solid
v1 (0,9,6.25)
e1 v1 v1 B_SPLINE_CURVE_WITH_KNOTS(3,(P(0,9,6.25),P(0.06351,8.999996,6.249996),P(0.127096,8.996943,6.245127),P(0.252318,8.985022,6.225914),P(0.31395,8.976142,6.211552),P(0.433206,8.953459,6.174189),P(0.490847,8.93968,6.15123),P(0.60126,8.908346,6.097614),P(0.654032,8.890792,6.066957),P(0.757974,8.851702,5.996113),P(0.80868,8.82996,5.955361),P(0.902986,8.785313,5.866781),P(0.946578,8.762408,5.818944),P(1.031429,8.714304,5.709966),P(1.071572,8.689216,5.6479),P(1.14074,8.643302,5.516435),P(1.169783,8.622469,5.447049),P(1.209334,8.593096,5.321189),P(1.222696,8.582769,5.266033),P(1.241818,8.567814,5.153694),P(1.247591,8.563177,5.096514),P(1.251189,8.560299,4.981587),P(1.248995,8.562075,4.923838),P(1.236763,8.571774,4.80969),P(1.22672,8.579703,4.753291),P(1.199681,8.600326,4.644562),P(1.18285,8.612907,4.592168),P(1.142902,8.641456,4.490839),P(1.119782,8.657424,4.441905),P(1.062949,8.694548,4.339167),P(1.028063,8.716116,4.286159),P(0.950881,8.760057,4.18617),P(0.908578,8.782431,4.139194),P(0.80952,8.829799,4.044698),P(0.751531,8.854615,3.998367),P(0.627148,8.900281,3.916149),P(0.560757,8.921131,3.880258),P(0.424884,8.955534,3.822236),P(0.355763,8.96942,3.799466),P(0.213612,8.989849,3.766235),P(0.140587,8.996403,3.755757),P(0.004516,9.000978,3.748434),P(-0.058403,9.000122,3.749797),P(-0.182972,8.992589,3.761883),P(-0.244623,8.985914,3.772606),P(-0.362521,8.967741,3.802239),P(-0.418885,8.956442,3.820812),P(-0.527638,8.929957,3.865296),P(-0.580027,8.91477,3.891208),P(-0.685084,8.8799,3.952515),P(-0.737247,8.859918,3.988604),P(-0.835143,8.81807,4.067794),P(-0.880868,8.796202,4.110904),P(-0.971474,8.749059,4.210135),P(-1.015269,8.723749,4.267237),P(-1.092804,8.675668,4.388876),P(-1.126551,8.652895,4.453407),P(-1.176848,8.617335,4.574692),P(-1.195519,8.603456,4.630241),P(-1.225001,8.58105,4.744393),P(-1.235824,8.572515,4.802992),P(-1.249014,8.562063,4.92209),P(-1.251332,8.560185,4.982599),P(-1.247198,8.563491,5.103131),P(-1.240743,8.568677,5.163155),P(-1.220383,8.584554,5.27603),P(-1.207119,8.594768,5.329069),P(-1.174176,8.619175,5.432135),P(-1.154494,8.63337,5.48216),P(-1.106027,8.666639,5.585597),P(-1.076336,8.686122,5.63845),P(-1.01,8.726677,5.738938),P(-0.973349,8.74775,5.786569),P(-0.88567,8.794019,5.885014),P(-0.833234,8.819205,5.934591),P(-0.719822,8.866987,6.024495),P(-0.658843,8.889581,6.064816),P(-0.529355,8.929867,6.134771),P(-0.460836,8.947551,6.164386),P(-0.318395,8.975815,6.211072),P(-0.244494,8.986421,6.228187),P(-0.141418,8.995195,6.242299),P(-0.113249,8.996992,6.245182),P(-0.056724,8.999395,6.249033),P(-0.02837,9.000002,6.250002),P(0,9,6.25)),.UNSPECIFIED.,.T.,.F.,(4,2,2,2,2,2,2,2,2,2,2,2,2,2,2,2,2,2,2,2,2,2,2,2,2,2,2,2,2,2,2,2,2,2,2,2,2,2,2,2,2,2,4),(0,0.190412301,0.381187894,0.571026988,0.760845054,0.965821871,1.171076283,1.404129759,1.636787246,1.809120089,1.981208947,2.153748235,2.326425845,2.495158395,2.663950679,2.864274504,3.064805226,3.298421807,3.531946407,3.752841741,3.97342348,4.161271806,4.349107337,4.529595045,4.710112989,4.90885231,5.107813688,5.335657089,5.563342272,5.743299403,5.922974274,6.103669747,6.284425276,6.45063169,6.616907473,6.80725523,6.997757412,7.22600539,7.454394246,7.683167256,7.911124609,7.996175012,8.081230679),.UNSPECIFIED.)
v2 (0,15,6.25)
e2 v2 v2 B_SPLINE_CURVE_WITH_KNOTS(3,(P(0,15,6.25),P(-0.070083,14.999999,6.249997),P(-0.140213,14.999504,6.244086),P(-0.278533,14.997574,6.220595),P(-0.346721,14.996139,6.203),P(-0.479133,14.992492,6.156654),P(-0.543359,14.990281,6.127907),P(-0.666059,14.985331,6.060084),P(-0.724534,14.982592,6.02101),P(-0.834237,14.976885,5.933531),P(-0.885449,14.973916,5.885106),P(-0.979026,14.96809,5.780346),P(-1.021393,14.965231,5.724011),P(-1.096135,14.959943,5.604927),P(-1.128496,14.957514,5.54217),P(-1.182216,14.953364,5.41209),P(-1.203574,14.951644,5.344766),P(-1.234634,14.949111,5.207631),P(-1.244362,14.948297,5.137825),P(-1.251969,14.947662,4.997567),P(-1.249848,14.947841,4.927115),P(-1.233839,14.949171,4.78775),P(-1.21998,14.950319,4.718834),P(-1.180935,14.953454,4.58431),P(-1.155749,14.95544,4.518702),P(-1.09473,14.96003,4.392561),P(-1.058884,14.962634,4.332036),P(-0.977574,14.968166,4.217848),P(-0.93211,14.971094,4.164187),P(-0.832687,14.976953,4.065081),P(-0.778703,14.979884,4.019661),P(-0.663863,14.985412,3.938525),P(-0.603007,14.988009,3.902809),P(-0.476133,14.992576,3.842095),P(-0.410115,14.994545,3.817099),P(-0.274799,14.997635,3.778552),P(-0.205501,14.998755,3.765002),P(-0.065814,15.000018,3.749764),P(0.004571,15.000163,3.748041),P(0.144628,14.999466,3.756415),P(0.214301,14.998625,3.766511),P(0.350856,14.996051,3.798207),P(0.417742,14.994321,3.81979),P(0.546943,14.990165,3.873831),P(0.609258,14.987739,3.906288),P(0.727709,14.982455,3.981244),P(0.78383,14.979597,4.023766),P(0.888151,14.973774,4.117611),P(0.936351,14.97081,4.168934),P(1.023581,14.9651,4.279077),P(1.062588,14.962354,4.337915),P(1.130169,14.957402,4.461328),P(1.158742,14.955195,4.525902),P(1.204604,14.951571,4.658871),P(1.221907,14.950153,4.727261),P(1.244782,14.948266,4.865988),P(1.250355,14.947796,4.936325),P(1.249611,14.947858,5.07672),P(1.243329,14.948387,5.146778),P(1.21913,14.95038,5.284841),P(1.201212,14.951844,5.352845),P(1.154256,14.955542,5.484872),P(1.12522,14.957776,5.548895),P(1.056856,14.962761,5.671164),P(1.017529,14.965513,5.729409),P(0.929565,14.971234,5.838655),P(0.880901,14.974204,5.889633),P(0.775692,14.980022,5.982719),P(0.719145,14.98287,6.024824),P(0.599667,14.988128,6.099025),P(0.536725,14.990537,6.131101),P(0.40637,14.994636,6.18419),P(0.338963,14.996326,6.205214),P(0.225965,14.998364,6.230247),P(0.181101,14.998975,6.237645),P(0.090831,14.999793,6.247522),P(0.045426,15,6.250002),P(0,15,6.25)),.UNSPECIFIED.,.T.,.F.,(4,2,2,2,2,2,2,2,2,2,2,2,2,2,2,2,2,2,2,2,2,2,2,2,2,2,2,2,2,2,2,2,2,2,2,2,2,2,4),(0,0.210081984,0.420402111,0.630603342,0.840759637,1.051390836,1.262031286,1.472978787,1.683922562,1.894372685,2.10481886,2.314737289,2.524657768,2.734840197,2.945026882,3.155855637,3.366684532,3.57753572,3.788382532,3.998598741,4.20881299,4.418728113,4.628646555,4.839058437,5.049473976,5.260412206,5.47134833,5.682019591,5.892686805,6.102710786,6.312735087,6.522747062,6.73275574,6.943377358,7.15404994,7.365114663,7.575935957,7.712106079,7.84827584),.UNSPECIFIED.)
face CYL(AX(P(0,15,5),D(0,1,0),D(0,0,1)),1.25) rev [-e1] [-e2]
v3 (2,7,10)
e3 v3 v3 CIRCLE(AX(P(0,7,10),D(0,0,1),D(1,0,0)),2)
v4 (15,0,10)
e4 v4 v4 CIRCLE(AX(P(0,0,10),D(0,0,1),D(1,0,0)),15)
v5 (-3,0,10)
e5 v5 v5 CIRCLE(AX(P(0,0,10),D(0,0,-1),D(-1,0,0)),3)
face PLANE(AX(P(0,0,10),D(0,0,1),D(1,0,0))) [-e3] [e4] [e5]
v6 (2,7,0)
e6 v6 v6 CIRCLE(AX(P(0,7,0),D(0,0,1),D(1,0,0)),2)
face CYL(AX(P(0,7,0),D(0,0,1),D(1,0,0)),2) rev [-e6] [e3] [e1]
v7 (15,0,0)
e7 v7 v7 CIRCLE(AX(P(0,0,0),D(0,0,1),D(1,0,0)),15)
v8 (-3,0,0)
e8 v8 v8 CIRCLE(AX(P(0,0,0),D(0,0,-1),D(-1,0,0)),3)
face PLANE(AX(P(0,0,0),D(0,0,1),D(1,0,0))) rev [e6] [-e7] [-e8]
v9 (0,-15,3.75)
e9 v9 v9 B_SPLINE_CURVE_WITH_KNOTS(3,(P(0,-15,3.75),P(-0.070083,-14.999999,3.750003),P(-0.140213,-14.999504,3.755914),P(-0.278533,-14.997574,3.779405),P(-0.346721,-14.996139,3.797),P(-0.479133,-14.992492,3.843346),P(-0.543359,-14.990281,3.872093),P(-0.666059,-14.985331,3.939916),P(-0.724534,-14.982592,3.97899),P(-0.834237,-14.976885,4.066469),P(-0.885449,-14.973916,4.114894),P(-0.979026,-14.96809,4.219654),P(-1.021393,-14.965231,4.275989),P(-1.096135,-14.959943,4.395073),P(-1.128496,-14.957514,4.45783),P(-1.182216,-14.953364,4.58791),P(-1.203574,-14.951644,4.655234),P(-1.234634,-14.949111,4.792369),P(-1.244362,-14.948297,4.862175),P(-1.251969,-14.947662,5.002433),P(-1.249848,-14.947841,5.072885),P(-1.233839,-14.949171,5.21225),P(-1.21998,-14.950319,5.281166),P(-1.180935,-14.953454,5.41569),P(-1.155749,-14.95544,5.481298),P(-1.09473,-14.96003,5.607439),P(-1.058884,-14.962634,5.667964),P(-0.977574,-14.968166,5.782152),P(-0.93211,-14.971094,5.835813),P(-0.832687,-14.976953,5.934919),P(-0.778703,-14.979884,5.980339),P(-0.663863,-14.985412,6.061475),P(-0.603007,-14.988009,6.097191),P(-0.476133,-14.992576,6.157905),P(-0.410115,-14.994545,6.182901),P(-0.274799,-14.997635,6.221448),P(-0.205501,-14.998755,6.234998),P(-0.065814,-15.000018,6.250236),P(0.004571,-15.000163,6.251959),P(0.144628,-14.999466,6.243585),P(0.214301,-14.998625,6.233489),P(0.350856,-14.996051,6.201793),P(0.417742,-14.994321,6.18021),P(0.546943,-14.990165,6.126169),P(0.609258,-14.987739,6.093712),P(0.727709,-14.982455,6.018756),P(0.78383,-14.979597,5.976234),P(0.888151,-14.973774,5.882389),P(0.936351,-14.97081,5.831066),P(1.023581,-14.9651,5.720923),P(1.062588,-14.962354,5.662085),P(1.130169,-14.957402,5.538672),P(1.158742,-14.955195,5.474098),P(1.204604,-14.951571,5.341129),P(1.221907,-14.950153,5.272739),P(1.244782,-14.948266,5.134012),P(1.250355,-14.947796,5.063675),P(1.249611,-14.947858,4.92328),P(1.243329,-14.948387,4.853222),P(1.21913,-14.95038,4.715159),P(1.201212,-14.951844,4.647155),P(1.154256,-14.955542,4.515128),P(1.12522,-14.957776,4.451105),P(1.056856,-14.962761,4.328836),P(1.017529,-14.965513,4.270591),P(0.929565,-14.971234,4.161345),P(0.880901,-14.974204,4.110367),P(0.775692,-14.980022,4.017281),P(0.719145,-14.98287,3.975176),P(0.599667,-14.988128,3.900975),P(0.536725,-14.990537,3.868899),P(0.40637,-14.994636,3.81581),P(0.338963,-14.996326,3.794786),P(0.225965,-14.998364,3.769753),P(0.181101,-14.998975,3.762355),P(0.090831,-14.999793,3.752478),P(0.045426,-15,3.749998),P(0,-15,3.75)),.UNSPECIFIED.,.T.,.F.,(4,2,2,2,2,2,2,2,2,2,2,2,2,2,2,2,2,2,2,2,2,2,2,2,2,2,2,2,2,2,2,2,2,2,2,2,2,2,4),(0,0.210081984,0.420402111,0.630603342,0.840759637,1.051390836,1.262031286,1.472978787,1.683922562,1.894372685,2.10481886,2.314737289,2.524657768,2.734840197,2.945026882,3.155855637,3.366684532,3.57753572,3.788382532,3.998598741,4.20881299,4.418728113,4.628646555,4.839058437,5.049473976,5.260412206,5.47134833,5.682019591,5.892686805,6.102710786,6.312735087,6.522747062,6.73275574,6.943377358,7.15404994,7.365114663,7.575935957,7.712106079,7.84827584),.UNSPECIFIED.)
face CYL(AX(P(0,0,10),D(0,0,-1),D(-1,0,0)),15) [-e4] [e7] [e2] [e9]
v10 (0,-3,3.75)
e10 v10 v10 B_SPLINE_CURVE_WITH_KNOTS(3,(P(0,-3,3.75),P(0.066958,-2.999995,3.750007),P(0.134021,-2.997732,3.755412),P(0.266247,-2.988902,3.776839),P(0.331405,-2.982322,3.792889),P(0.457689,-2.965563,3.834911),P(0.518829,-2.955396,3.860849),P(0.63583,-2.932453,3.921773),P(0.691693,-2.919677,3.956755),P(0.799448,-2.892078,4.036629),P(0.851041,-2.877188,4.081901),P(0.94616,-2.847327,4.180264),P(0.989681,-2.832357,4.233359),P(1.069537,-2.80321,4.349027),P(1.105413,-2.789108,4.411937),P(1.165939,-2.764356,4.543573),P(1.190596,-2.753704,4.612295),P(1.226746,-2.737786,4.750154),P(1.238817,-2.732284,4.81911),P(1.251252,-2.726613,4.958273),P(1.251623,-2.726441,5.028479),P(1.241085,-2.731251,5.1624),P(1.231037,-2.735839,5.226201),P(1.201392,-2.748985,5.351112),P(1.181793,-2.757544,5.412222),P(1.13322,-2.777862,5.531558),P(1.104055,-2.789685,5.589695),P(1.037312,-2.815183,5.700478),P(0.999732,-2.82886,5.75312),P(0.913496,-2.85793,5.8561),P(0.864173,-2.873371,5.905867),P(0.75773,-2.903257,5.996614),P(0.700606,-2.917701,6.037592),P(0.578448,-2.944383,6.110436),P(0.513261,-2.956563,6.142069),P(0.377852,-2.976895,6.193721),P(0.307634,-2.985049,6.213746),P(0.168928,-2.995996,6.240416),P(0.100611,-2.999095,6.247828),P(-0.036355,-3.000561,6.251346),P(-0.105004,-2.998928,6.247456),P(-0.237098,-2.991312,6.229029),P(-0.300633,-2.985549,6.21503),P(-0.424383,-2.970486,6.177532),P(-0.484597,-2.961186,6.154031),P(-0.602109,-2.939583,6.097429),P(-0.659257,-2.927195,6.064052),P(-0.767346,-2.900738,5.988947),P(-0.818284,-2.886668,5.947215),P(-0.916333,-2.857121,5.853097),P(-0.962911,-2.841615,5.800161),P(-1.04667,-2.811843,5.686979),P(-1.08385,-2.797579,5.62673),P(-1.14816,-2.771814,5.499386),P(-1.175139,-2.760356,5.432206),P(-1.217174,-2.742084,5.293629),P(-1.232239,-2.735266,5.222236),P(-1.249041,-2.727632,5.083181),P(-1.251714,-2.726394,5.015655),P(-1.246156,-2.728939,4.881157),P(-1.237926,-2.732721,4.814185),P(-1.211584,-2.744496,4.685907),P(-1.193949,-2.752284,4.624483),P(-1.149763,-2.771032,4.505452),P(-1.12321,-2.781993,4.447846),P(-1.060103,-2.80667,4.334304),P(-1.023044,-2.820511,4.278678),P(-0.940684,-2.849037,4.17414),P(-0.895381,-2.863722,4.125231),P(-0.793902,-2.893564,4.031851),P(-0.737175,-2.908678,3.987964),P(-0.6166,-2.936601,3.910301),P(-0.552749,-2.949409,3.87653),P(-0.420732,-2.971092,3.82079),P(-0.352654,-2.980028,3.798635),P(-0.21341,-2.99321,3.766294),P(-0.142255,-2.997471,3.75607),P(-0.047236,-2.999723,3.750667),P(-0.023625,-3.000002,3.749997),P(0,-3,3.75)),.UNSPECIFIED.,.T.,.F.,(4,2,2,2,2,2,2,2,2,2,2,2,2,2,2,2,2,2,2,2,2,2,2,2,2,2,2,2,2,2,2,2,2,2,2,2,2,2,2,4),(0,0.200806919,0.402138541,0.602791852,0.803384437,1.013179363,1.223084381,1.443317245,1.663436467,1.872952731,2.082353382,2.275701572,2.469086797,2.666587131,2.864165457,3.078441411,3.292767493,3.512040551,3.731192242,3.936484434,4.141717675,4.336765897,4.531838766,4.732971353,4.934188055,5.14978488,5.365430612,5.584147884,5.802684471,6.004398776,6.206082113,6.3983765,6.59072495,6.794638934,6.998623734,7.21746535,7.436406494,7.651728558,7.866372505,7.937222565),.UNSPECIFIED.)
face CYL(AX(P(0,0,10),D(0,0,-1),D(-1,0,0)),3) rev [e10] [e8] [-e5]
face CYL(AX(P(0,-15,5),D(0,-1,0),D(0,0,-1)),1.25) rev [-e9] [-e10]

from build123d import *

# Parameters (mm, degrees)
SKETCH_1_R          = 15
EXTRUDE_1_DEPTH     = 10
SKETCH_3_R          = 3
CUT_EXTRUDE_1_DEPTH = 24.452078799
SKETCH_2_R          = 2
CUT_EXTRUDE_2_DEPTH = 24.452078799
M3X0_5_1_REACH      = 35.912
M3X0_5_1_BORE_R     = 1.25
M3X0_5_2_REACH      = 35.912
M3X0_5_2_BORE_R     = 1.25


with BuildPart() as part:
    # ｽｹｯﾁ1 → ﾎﾞｽ - 押し出し1 (new body)
    with BuildSketch(Plane.XY):
        Circle(SKETCH_1_R)
    extrude(amount=EXTRUDE_1_DEPTH)

    # ｽｹｯﾁ3 → ｶｯﾄ - 押し出し1 (cut, through all)
    with BuildSketch(Plane(origin=(0, 0, 0), x_dir=(-1, 0, 0), z_dir=(0, 0, -1))):
        Circle(SKETCH_3_R)
    extrude(amount=-CUT_EXTRUDE_1_DEPTH, mode=Mode.SUBTRACT)

    # ｽｹｯﾁ2 → ｶｯﾄ - 押し出し2 (cut, through all)
    with BuildSketch(Plane.XY.offset(10)):
        with Locations((0, 7)):
            Circle(SKETCH_2_R)
    extrude(amount=-CUT_EXTRUDE_2_DEPTH, mode=Mode.SUBTRACT)

    # M3x0.5 ねじ穴1 bore (on position points) → M3x0.5 ねじ穴1 (cut, up to next)
    with BuildSketch(Plane(origin=(0, 15, 5), x_dir=(1, 0, 0), z_dir=(0, 1, 0)), mode=Mode.PRIVATE) as m3x0_5_1_sk1:
        Circle(M3X0_5_1_BORE_R)
    m3x0_5_1_tool1 = extrude(m3x0_5_1_sk1.sketch, amount=-M3X0_5_1_REACH, mode=Mode.PRIVATE) & part.part
    add(m3x0_5_1_tool1.solids().sort_by_distance((0, 15, 5))[0], mode=Mode.SUBTRACT)

    # M3x0.5 ねじ穴2 bore (on position points) → M3x0.5 ねじ穴2 (cut, up to next)
    with BuildSketch(Plane(origin=(0, -15, 5), x_dir=(-1, 0, 0), z_dir=(0, -1, 0)), mode=Mode.PRIVATE) as m3x0_5_2_sk1:
        Circle(M3X0_5_2_BORE_R)
    m3x0_5_2_tool1 = extrude(m3x0_5_2_sk1.sketch, amount=-M3X0_5_2_REACH, mode=Mode.PRIVATE) & part.part
    add(m3x0_5_2_tool1.solids().sort_by_distance((0, -15, 5))[0], mode=Mode.SUBTRACT)


solid = part.part
